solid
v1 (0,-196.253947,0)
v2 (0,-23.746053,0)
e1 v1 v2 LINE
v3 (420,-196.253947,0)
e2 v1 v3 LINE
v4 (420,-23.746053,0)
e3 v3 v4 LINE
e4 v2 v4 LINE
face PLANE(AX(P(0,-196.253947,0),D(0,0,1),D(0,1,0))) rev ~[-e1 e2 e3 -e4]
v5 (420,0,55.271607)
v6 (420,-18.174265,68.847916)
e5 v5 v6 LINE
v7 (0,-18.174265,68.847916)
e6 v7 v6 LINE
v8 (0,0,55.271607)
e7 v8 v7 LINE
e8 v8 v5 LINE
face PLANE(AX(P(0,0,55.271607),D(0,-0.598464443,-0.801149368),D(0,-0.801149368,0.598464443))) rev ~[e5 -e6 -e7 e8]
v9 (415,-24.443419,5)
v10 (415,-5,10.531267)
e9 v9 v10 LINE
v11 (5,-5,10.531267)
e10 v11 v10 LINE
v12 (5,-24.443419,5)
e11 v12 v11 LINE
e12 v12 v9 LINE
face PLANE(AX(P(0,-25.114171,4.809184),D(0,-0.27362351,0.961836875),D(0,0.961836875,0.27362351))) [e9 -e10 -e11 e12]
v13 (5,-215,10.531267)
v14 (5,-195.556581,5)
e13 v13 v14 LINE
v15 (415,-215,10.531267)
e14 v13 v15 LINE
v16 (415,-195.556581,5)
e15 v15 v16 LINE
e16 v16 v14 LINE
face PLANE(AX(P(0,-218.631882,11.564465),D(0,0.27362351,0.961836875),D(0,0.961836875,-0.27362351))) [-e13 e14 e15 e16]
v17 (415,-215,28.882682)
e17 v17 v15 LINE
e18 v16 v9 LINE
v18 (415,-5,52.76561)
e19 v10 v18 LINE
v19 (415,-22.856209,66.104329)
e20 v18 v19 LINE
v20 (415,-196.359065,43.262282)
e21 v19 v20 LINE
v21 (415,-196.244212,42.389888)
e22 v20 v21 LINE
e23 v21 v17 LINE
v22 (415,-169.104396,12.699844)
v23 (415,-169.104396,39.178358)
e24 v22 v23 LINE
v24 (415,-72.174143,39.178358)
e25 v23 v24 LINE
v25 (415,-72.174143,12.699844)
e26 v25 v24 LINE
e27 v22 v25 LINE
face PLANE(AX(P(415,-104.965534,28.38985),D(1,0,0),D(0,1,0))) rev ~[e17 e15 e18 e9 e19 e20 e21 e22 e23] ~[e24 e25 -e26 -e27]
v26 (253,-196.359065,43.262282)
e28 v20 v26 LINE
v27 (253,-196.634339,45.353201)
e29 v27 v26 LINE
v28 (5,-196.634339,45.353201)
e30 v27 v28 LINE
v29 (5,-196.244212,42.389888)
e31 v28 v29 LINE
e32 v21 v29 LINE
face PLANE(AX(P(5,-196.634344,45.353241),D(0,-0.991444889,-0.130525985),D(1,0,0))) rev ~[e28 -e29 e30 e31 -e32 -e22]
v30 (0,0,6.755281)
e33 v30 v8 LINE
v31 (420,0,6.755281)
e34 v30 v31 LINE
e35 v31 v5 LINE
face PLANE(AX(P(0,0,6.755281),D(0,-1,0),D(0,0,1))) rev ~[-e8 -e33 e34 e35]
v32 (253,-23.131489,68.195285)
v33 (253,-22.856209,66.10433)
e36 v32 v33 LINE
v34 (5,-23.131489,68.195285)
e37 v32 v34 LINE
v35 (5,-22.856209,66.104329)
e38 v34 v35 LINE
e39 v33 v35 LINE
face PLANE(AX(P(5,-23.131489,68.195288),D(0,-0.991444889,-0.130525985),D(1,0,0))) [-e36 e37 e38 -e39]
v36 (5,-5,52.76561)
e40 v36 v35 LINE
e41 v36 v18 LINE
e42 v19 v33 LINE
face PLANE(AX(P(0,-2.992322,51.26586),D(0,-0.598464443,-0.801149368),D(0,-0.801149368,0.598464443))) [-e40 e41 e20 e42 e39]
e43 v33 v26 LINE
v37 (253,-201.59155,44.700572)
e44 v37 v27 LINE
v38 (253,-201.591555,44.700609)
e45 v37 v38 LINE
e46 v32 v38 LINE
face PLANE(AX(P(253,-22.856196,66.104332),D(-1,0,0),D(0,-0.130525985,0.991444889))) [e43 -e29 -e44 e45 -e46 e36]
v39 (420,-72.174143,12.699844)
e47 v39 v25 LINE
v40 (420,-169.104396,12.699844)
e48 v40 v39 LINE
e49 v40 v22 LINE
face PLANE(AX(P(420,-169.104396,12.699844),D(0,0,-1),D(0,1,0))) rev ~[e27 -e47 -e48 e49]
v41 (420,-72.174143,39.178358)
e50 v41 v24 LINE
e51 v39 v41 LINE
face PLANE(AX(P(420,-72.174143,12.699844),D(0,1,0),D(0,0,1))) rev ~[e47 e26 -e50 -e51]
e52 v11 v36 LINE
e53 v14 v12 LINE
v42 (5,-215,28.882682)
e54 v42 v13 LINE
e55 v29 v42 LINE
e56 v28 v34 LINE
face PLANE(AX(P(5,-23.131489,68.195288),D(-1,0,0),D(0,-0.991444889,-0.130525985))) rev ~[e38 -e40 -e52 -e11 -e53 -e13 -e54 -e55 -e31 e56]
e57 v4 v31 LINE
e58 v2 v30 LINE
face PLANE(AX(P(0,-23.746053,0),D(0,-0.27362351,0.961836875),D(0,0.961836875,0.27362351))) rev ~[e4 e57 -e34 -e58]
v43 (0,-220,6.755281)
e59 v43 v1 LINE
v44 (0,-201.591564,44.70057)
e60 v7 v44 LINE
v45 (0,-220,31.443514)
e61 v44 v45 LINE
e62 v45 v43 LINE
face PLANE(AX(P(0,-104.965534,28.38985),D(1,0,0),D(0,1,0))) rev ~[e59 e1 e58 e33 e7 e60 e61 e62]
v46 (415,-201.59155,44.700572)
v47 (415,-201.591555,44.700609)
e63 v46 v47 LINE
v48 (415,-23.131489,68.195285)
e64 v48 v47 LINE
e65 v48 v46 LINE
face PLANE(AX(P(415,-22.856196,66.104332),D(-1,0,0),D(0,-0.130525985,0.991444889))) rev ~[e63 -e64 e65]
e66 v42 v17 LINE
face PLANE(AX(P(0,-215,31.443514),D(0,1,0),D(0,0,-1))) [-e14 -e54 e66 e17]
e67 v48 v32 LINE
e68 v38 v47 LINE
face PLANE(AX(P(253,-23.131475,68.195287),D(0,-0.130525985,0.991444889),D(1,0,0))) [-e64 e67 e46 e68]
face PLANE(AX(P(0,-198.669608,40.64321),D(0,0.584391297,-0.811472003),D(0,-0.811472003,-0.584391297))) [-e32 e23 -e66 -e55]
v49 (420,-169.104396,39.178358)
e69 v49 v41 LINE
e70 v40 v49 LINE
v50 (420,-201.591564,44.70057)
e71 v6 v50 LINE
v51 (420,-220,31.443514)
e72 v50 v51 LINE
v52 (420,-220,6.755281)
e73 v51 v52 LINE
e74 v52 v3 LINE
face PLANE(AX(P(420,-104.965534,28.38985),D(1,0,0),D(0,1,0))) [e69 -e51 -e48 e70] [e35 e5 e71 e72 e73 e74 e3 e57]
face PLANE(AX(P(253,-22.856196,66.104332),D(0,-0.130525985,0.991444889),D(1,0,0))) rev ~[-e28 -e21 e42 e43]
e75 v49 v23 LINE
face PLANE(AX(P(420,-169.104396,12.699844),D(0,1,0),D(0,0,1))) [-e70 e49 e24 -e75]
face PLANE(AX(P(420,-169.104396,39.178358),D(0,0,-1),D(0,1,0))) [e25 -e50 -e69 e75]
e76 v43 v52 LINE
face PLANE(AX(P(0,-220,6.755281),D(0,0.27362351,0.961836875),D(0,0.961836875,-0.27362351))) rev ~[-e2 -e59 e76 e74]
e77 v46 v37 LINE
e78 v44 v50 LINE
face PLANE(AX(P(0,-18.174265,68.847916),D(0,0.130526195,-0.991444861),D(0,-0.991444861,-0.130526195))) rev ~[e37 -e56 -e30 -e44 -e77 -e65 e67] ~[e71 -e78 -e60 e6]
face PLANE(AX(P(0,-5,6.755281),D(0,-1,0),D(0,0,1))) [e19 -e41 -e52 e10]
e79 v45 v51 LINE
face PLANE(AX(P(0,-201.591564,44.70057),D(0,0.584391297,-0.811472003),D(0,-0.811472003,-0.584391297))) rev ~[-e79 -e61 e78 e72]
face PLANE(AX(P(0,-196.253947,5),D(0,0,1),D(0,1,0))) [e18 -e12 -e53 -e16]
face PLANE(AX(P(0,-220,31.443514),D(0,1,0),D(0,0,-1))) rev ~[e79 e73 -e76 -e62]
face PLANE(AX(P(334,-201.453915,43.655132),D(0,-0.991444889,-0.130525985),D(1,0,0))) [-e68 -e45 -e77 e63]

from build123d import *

# Parameters (mm, degrees)
PAD_DEPTH       = 420
THICKNESS_T     = -5
SKETCH001_W     = 175
SKETCH001_H     = 410
POCKET_DEPTH    = 13
SKETCH002_W     = 96.930253
SKETCH002_H     = 26.478514
POCKET001_DEPTH = 8
SKETCH003_W     = 162
SKETCH003_H     = 2.108998
PAD001_DEPTH    = 180


with BuildPart() as part:
    # Sketch → Pad (new body)
    with BuildSketch(Plane.YZ):
        Polygon((-196.253947, 0), (-23.746053, 0), (0, 6.755281), (0, 55.271607), (-18.174265, 68.847916), (-201.591564, 44.70057), (-220, 31.443514), (-220, 6.755281), align=None)
    extrude(amount=PAD_DEPTH)

    # Thickness
    thickness_openings = [part.faces().sort_by_distance(p)[0] for p in [
        (210, -109.882914, 56.774243),
    ]]
    offset(amount=THICKNESS_T, openings=thickness_openings, kind=Kind.INTERSECTION)

    # Sketch001 (on Face5 of Pad) → Pocket (cut)
    with BuildSketch(Plane(origin=(0, -9.219212, 70.026871), x_dir=(0, -0.991445, -0.130526), z_dir=(0, -0.130526, 0.991445))):
        with Locations((101.532325, 210)):
            Rectangle(SKETCH001_W, SKETCH001_H)
    extrude(amount=-POCKET_DEPTH, mode=Mode.SUBTRACT)

    # Sketch002 (on Face5 of Pocket) → Pocket001 (cut)
    with BuildSketch(Plane.YZ.offset(420)):
        with Locations((-120.639269, 25.939101)):
            Rectangle(SKETCH002_W, SKETCH002_H)
    extrude(amount=-POCKET001_DEPTH, mode=Mode.SUBTRACT)

    # Sketch003 (on Face13 of Pocket001) → Pad001 (join)
    with BuildSketch(Plane(origin=(0, -13.912277, -1.831586), x_dir=(1, 0, 0), z_dir=(0, -0.991445, -0.130526))):
        with Locations((334, 69.576631)):
            Rectangle(SKETCH003_W, SKETCH003_H)
    extrude(amount=PAD001_DEPTH)


solid = part.part
